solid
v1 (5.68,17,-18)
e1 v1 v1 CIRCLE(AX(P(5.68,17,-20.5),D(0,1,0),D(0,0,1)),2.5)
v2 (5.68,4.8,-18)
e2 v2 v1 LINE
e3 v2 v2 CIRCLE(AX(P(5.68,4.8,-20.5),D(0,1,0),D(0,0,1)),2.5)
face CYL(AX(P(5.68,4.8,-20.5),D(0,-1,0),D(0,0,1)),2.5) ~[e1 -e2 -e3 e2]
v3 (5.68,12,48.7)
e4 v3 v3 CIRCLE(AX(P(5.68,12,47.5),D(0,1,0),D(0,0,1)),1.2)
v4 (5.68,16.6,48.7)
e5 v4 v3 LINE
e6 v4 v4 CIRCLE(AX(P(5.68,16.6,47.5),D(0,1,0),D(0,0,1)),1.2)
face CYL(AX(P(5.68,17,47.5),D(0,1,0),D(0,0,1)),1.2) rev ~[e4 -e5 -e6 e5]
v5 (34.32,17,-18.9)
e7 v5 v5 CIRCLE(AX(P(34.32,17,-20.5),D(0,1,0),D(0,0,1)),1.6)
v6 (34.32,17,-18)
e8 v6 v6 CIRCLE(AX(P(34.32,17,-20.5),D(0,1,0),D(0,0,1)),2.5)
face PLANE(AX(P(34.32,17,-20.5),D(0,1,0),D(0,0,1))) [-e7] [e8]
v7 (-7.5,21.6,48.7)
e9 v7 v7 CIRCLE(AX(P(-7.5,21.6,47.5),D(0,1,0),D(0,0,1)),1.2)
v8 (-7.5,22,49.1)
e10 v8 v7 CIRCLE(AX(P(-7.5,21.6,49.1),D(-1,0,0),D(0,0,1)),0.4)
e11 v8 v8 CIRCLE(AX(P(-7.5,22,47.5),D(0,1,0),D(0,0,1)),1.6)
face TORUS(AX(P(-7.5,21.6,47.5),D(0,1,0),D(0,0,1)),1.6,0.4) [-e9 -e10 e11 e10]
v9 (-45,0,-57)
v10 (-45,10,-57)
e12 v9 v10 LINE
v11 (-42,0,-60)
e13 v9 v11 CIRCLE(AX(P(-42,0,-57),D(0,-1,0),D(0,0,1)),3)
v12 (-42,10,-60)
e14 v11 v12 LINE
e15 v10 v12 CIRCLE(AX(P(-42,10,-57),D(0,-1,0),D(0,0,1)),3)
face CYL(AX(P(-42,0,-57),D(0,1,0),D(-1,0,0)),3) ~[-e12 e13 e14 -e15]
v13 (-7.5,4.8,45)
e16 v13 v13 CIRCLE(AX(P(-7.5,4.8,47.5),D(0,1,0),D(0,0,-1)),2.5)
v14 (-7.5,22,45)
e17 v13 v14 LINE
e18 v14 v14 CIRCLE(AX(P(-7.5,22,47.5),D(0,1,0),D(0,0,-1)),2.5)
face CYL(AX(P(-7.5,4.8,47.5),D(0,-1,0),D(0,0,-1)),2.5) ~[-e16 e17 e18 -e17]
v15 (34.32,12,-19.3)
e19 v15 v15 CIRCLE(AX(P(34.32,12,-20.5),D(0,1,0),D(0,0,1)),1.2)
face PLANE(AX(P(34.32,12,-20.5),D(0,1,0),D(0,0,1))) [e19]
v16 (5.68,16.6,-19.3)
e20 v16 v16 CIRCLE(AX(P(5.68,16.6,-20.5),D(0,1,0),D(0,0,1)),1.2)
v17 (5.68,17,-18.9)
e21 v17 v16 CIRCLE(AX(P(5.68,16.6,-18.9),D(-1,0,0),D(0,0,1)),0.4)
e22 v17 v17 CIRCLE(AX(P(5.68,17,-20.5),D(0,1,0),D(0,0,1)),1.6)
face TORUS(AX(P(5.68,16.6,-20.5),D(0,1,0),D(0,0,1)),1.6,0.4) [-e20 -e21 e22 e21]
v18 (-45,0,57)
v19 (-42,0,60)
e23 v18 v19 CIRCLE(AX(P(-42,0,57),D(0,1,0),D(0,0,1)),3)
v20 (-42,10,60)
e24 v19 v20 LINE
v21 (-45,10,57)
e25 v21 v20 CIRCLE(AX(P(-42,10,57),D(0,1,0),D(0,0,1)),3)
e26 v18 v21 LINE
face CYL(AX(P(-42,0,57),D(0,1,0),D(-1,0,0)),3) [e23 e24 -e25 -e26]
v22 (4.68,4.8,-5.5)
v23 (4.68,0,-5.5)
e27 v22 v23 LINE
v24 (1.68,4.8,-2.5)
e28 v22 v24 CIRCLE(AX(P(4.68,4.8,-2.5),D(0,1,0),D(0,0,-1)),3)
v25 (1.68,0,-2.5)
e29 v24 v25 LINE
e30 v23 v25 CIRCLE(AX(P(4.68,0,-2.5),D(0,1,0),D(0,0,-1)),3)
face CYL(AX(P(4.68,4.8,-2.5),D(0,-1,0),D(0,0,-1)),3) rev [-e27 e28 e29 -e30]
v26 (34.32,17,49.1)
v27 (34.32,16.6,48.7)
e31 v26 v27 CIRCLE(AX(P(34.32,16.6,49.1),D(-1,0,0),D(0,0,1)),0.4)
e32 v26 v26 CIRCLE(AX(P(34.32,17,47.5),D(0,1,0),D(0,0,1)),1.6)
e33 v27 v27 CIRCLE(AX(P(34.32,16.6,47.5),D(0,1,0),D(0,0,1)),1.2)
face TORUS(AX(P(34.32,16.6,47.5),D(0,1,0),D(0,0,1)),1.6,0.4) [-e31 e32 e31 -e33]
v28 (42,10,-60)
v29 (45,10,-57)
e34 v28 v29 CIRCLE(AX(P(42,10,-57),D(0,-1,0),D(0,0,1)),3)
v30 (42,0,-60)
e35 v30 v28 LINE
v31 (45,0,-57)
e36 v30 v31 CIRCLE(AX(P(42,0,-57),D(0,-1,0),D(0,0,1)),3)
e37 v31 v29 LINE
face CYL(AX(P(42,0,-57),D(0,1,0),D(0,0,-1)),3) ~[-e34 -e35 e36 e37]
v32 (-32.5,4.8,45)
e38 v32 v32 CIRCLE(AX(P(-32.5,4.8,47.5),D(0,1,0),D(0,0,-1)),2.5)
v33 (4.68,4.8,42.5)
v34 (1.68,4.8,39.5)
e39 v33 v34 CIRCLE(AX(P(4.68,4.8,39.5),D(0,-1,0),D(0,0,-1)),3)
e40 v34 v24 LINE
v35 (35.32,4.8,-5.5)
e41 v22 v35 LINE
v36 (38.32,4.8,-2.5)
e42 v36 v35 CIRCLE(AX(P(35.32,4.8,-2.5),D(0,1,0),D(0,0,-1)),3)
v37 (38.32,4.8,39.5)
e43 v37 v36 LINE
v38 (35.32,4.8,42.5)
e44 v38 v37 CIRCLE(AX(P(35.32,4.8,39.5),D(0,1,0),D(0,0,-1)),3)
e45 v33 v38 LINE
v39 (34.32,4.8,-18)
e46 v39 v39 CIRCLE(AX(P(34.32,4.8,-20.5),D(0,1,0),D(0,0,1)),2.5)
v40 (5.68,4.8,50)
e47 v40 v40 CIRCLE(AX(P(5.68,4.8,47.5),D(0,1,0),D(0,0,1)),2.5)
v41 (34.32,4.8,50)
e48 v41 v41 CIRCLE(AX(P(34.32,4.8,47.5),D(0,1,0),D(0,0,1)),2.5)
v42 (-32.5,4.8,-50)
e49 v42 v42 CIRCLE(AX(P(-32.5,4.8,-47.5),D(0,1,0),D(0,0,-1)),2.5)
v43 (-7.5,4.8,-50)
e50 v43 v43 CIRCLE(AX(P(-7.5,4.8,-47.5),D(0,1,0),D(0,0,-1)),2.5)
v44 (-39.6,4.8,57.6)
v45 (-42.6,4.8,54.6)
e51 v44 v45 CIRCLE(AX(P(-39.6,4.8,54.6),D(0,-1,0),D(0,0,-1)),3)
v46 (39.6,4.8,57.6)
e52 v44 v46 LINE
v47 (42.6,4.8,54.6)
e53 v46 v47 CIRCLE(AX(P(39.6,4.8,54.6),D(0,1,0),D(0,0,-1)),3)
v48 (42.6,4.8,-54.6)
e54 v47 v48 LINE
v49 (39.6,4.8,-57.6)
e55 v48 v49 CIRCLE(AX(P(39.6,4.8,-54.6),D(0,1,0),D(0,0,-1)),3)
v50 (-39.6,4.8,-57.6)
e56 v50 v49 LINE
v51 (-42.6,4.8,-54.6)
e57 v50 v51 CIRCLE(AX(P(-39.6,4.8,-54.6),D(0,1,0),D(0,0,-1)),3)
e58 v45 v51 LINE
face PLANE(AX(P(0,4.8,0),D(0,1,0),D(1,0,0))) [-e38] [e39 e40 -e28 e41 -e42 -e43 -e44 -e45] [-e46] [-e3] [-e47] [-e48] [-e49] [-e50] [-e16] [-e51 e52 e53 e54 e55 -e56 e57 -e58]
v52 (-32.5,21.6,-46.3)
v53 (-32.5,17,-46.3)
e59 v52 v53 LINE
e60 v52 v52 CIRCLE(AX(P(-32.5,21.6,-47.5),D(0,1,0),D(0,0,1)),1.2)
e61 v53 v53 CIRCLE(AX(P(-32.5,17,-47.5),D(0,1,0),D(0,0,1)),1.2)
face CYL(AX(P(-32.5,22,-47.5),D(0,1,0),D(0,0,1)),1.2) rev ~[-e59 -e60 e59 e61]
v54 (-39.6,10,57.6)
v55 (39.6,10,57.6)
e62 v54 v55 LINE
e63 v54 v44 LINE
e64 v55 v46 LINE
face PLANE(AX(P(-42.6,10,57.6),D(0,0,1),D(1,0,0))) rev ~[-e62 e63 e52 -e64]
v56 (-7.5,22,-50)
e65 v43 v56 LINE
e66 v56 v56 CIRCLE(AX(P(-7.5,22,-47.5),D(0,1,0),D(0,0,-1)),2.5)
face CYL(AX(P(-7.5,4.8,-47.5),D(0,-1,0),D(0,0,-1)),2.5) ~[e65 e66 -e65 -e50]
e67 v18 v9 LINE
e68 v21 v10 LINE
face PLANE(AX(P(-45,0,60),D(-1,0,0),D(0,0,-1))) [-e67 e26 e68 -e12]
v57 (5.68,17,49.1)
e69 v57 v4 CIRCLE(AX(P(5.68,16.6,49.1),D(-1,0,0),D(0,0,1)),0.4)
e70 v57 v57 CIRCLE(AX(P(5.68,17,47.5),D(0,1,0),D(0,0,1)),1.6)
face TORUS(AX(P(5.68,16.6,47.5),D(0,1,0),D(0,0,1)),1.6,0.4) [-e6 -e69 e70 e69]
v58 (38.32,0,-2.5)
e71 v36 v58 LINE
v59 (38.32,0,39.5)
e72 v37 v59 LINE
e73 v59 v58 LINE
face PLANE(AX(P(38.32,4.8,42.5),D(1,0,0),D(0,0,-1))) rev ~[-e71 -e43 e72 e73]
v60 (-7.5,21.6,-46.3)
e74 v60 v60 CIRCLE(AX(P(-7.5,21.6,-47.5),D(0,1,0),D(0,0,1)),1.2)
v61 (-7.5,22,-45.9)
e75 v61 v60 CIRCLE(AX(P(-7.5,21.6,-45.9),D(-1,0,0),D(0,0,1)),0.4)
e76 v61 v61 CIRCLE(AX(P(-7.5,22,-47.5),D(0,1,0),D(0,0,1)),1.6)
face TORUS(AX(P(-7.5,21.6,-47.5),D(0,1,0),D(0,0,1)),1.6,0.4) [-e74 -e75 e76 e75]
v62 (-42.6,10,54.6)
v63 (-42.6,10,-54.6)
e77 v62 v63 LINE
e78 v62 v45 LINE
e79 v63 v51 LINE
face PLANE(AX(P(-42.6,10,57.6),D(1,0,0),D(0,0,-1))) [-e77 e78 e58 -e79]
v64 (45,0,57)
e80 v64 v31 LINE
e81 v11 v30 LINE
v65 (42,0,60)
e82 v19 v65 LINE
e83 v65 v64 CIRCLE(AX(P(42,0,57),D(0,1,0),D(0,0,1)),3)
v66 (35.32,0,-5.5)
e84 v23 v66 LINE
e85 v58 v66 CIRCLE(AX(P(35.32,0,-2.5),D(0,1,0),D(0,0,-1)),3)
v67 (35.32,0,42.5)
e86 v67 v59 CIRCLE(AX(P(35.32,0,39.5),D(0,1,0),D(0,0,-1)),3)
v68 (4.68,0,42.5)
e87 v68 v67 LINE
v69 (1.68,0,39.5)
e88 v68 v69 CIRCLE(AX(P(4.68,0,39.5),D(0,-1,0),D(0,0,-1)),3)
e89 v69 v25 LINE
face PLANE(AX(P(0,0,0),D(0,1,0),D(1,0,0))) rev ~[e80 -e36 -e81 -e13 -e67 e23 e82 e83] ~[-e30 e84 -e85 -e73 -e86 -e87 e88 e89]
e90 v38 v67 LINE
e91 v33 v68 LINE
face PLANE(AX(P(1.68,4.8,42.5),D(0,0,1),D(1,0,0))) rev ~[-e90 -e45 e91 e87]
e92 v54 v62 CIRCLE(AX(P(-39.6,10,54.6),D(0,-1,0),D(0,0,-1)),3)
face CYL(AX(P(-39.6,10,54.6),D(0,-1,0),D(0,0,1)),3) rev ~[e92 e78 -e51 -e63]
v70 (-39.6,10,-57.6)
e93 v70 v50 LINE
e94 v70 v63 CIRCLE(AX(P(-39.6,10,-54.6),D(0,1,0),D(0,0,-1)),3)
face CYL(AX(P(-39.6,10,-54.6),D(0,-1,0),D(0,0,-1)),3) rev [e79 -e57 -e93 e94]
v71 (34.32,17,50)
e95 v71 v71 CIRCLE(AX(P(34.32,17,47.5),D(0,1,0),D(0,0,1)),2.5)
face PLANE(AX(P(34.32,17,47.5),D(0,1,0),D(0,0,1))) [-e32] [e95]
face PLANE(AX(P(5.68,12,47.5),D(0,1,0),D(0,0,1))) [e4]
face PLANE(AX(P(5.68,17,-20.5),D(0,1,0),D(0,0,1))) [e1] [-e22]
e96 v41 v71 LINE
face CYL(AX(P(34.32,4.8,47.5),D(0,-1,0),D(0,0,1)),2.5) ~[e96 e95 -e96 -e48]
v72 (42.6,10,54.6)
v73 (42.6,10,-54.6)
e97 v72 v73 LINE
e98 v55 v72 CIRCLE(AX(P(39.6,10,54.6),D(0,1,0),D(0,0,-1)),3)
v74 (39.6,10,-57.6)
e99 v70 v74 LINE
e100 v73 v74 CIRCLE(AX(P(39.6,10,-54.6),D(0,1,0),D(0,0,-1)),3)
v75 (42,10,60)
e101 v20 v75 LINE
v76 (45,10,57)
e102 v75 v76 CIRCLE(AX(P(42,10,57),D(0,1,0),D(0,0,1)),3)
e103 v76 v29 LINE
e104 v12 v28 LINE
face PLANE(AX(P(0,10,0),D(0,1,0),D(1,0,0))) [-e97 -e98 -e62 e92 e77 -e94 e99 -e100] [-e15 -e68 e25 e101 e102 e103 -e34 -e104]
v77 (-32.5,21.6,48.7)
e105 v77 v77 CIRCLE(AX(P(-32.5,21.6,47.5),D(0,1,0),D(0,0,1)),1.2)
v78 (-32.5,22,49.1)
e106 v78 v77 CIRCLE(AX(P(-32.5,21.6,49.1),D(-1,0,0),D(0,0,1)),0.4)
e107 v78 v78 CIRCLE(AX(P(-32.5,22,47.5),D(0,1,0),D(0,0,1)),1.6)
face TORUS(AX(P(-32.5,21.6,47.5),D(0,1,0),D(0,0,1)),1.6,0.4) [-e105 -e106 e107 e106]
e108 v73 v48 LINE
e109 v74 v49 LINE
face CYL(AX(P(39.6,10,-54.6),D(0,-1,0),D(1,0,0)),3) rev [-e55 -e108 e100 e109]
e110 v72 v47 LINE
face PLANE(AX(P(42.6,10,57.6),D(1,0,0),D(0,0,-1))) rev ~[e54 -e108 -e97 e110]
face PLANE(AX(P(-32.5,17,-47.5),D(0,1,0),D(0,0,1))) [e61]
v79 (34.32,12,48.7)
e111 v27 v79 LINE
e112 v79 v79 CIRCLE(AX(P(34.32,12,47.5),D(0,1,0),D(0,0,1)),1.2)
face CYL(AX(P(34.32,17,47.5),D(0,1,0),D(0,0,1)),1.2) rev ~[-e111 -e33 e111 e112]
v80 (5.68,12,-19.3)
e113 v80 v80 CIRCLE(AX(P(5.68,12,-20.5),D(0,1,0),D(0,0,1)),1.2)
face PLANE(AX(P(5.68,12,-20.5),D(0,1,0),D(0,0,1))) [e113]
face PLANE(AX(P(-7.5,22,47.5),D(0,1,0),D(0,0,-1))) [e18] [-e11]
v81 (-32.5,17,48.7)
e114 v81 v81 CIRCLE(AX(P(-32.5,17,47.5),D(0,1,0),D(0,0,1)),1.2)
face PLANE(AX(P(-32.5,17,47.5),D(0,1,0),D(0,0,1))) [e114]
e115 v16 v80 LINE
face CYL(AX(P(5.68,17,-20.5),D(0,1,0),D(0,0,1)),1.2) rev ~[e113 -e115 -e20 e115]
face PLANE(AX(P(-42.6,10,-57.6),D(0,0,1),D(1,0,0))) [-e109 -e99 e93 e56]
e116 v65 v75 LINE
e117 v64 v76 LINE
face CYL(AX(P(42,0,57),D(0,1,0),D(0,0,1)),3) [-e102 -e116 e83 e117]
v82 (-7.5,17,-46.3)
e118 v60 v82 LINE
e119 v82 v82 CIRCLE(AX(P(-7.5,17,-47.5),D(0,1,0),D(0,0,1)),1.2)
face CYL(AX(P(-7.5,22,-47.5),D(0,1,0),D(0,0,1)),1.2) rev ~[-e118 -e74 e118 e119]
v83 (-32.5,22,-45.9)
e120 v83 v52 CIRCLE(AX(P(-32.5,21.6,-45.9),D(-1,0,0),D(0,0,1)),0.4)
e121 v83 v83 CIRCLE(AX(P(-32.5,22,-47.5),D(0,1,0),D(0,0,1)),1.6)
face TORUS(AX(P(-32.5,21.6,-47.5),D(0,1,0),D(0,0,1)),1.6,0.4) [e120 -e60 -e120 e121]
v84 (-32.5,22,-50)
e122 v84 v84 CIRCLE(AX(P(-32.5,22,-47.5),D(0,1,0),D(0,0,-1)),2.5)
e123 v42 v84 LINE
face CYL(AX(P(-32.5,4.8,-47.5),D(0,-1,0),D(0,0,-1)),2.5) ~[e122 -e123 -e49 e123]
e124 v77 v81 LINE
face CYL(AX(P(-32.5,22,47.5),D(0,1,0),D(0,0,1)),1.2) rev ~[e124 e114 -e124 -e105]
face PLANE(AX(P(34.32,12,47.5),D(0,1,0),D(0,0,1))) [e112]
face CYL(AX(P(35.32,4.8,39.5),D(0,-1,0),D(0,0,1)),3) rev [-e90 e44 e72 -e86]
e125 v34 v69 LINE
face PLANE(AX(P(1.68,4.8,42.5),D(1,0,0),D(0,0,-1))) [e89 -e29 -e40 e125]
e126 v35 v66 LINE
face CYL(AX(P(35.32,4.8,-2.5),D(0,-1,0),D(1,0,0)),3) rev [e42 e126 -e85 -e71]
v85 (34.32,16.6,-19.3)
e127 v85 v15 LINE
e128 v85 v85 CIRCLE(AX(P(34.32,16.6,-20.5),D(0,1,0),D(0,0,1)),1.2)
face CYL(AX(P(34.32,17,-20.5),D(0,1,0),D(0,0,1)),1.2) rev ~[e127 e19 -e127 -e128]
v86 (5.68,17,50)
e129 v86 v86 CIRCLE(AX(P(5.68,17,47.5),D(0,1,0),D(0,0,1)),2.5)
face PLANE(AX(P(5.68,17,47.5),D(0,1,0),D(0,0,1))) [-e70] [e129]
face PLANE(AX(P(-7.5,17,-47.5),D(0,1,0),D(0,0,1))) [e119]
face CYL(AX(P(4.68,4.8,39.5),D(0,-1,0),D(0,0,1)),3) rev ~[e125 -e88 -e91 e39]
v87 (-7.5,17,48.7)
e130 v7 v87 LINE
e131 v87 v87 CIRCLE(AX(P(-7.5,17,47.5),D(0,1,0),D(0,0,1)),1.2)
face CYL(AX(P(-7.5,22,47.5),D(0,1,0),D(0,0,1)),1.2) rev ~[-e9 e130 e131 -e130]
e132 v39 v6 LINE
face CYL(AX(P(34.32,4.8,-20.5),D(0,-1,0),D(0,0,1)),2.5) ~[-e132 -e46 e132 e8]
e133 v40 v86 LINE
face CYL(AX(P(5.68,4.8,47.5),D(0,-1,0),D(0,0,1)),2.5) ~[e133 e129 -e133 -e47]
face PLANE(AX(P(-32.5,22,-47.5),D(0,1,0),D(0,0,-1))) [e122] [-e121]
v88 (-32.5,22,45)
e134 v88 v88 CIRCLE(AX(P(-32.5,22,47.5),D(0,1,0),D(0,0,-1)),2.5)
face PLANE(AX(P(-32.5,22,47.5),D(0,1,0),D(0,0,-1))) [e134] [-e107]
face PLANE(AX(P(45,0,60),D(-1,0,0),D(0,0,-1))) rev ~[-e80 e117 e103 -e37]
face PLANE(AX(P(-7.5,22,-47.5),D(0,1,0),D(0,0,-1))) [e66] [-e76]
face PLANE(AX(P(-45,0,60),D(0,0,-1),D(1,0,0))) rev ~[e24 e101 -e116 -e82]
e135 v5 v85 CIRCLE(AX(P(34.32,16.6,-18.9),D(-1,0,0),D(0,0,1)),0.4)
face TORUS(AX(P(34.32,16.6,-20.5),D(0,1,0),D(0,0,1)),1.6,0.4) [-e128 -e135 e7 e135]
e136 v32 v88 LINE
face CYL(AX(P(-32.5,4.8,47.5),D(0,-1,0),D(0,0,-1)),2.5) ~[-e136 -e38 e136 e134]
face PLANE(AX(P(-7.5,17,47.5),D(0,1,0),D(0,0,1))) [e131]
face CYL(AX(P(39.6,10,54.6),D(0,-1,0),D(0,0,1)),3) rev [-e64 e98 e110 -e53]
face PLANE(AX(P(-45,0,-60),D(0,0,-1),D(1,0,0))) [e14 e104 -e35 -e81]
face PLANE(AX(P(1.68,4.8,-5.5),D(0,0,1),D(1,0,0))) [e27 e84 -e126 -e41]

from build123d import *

# Parameters (mm, degrees)
CROQUIS1_W              = 90
CROQUIS1_H              = 120
SALIENTE_EXTRUIR1_DEPTH = 10
CROQUIS2_W              = 85.2
CROQUIS2_H              = 115.2
CORTAR_EXTRUIR1_DEPTH   = 5.2
REDONDEO1_R             = 3
CROQUIS3_R              = 2.5
SALIENTE_EXTRUIR2_DEPTH = 17.2
CROQUIS4_R              = 1.2
CORTAR_EXTRUIR2_DEPTH   = 5
REDONDEO2_R             = 0.4
CROQUIS5_R              = 2.5
SALIENTE_EXTRUIR3_DEPTH = 12.2
CROQUIS6_R              = 1.2
CORTAR_EXTRUIR3_DEPTH   = 5
REDONDEO3_R             = 0.4
CROQUIS7_W              = 36.64
CROQUIS7_H              = 48
CORTAR_EXTRUIR4_DEPTH   = 4.8
REDONDEO4_R             = 3


with BuildPart() as part:
    # Croquis1 → Saliente-Extruir1 (new body)
    with BuildSketch(Plane(origin=(0, 0, 0), x_dir=(1, 0, 0), z_dir=(0, 1, 0))):
        Rectangle(CROQUIS1_W, CROQUIS1_H)
    extrude(amount=SALIENTE_EXTRUIR1_DEPTH)

    # Croquis2 → Cortar-Extruir1 (cut)
    with BuildSketch(Plane(origin=(0, 10, 0), x_dir=(1, 0, 0), z_dir=(0, 1, 0))):
        Rectangle(CROQUIS2_W, CROQUIS2_H)
    extrude(amount=-CORTAR_EXTRUIR1_DEPTH, mode=Mode.SUBTRACT)

    # Redondeo1
    redondeo1_edges = [part.edges().sort_by_distance(p)[0] for p in [
        (-42.6, 7.4, 57.6),
        (-42.6, 7.4, -57.6),
        (42.6, 7.4, -57.6),
        (42.6, 7.4, 57.6),
        (-45, 5, -60),
        (45, 5, -60),
        (45, 5, 60),
        (-45, 5, 60),
    ]]
    fillet(redondeo1_edges, radius=REDONDEO1_R)

    # Croquis3 → Saliente-Extruir2 (add)
    with BuildSketch(Plane(origin=(0, 4.8, 0), x_dir=(1, 0, 0), z_dir=(0, 1, 0))):
        with Locations(Location((-32.5, 47.5, 0), (0, 0, 90))):
            Circle(CROQUIS3_R)
        with Locations(Location((-7.5, 47.5, 0), (0, 0, 90))):
            Circle(CROQUIS3_R)
        with Locations(Location((-7.5, -47.5, 0), (0, 0, 90))):
            Circle(CROQUIS3_R)
        with Locations(Location((-32.5, -47.5, 0), (0, 0, 90))):
            Circle(CROQUIS3_R)
    extrude(amount=SALIENTE_EXTRUIR2_DEPTH)

    # Croquis4 → Cortar-Extruir2 (cut)
    with BuildSketch(Plane(origin=(0, 22, 0), x_dir=(1, 0, 0), z_dir=(0, 1, 0))):
        with Locations(Location((-32.5, 47.5, 0), (0, 0, 270))):
            Circle(CROQUIS4_R)
        with Locations(Location((-7.5, 47.5, 0), (0, 0, 270))):
            Circle(CROQUIS4_R)
        with Locations(Location((-7.5, -47.5, 0), (0, 0, 270))):
            Circle(CROQUIS4_R)
        with Locations(Location((-32.5, -47.5, 0), (0, 0, 270))):
            Circle(CROQUIS4_R)
    extrude(amount=-CORTAR_EXTRUIR2_DEPTH, mode=Mode.SUBTRACT)

    # Redondeo2
    redondeo2_edges = [part.edges().sort_by_distance(p)[0] for p in [
        (-32.5, 22, 46.3),
        (-7.5, 22, 46.3),
        (-7.5, 22, -48.7),
        (-32.5, 22, -48.7),
    ]]
    fillet(redondeo2_edges, radius=REDONDEO2_R)

    # Croquis5 → Saliente-Extruir3 (add)
    with BuildSketch(Plane(origin=(0, 4.8, 0), x_dir=(1, 0, 0), z_dir=(0, 1, 0))):
        with Locations(Location((5.68, -47.5, 0), (0, 0, 270))):
            Circle(CROQUIS5_R)
        with Locations(Location((34.32, -47.5, 0), (0, 0, 270))):
            Circle(CROQUIS5_R)
        with Locations(Location((34.32, 20.5, 0), (0, 0, 270))):
            Circle(CROQUIS5_R)
        with Locations(Location((5.68, 20.5, 0), (0, 0, 270))):
            Circle(CROQUIS5_R)
    extrude(amount=SALIENTE_EXTRUIR3_DEPTH)

    # Croquis6 → Cortar-Extruir3 (cut)
    with BuildSketch(Plane(origin=(0, 17, 0), x_dir=(1, 0, 0), z_dir=(0, 1, 0))):
        with Locations(Location((5.68, -47.5, 0), (0, 0, 270))):
            Circle(CROQUIS6_R)
        with Locations(Location((34.32, -47.5, 0), (0, 0, 270))):
            Circle(CROQUIS6_R)
        with Locations(Location((34.32, 20.5, 0), (0, 0, 270))):
            Circle(CROQUIS6_R)
        with Locations(Location((5.68, 20.5, 0), (0, 0, 270))):
            Circle(CROQUIS6_R)
    extrude(amount=-CORTAR_EXTRUIR3_DEPTH, mode=Mode.SUBTRACT)

    # Redondeo3
    redondeo3_edges = [part.edges().sort_by_distance(p)[0] for p in [
        (5.68, 17, -21.7),
        (34.32, 17, -21.7),
        (34.32, 17, 46.3),
        (5.68, 17, 46.3),
    ]]
    fillet(redondeo3_edges, radius=REDONDEO3_R)

    # Croquis7 → Cortar-Extruir4 (cut)
    with BuildSketch(Plane(origin=(0, 4.8, 0), x_dir=(1, 0, 0), z_dir=(0, 1, 0))):
        with Locations((20, -18.5)):
            Rectangle(CROQUIS7_W, CROQUIS7_H)
    extrude(amount=-CORTAR_EXTRUIR4_DEPTH, mode=Mode.SUBTRACT)

    # Redondeo4
    redondeo4_edges = [part.edges().sort_by_distance(p)[0] for p in [
        (1.68, 2.4, 42.5),
        (1.68, 2.4, -5.5),
        (38.32, 2.4, -5.5),
        (38.32, 2.4, 42.5),
    ]]
    fillet(redondeo4_edges, radius=REDONDEO4_R)


solid = part.part
